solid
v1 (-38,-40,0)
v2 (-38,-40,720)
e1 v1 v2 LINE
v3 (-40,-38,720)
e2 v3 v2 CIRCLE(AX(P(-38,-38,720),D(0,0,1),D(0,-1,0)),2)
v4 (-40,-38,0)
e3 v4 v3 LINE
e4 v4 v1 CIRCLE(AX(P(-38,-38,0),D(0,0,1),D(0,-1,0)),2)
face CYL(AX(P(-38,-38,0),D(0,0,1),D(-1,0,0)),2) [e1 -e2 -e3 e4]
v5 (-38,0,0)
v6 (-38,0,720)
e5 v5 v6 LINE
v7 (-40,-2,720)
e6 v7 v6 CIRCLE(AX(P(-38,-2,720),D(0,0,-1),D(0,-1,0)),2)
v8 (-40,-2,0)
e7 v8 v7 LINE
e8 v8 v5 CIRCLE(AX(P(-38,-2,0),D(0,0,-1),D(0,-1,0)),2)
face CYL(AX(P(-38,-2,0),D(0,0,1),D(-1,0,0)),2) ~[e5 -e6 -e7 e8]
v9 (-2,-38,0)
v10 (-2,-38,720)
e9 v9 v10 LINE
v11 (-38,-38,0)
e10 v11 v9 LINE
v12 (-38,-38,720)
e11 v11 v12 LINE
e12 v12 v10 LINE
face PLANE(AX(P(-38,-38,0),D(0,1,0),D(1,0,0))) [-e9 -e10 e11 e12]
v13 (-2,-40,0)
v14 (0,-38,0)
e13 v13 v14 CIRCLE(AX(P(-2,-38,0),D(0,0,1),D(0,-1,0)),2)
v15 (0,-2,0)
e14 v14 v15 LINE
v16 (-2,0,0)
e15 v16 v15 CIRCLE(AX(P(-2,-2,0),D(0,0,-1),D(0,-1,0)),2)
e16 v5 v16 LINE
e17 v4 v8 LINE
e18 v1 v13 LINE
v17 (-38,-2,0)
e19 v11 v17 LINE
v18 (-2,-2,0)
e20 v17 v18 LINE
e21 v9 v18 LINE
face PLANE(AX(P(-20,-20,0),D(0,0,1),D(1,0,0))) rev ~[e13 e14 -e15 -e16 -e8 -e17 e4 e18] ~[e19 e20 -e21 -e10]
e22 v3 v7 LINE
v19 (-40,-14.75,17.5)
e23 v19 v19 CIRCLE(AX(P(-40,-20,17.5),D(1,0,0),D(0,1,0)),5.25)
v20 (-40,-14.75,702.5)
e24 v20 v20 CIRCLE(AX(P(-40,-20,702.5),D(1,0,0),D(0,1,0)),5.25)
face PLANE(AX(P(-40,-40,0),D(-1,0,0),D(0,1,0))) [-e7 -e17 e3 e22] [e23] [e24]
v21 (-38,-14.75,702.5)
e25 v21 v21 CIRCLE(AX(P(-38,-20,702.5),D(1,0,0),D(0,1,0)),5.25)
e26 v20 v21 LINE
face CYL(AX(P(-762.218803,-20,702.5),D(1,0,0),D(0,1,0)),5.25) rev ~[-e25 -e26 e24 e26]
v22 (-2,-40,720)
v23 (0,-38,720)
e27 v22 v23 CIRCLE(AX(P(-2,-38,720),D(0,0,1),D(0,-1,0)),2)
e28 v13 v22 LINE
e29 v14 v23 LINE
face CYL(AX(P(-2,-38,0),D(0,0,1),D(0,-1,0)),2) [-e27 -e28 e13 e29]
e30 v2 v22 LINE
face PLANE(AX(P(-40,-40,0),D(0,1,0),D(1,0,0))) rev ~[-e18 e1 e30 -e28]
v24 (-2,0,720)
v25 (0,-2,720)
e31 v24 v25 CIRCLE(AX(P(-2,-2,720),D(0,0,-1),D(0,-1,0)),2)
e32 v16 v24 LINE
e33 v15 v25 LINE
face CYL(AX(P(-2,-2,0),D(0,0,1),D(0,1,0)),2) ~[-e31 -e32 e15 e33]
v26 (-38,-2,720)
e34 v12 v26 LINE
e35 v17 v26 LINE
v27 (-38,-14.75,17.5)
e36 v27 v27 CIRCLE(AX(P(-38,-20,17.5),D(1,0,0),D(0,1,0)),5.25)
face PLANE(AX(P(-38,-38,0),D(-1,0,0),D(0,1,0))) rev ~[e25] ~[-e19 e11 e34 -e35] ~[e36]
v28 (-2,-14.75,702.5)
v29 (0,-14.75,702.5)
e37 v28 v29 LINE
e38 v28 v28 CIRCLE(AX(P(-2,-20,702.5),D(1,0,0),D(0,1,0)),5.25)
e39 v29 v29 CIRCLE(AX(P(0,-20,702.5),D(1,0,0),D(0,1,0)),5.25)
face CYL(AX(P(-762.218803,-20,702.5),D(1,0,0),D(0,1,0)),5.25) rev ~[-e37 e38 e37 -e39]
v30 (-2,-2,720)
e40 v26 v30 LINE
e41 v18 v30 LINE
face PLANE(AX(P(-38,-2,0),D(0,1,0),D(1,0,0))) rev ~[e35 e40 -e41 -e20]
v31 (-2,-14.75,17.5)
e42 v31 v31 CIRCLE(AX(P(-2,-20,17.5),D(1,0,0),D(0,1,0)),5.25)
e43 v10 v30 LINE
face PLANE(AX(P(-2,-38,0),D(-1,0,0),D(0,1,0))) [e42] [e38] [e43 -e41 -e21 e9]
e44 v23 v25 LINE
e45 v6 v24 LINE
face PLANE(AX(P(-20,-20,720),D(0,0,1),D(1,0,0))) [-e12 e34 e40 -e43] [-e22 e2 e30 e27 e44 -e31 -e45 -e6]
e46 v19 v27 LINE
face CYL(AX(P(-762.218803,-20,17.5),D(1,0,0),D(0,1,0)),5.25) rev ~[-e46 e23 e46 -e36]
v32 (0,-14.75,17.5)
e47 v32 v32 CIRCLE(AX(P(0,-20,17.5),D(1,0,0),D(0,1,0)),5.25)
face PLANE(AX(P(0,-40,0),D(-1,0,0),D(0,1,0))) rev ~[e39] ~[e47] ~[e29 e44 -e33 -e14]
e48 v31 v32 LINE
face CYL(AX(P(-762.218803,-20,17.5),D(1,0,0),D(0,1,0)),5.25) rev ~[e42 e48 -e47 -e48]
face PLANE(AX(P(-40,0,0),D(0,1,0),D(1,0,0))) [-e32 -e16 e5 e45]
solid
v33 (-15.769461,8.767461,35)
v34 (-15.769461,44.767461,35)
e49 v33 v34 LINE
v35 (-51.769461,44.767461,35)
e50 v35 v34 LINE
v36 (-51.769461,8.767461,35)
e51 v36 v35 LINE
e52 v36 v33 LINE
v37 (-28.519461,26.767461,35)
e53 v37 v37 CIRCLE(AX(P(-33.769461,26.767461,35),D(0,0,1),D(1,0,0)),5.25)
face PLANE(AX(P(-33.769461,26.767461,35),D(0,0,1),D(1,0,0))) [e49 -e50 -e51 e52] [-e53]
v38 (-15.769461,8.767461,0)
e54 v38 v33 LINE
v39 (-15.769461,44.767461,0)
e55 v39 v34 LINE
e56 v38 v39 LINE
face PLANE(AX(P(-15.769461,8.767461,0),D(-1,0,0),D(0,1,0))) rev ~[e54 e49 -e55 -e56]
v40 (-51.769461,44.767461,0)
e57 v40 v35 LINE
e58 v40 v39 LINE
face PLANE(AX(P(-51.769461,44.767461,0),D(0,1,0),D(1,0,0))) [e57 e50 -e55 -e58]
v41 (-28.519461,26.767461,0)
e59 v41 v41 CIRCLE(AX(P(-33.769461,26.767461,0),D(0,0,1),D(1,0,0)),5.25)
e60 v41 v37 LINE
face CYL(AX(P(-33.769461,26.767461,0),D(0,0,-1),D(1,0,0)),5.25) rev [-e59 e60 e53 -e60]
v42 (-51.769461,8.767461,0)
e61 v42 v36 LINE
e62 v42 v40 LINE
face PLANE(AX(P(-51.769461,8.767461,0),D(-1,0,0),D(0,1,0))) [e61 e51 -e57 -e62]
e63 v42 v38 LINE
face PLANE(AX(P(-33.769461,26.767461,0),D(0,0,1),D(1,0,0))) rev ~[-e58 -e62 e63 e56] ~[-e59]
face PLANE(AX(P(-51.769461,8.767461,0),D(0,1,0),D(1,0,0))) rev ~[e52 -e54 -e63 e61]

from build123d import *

# Parameters (mm, degrees)
F0_W     = 40
F0_H     = 40
F0_W_2   = 36
F0_H_2   = 36
F1_DEPTH = 720
F2_W     = 36
F2_H     = 36
F2_R     = 5.25
F3_DEPTH = 35
F5_D     = 10.5
F7_D     = 10.5
F8_R     = 2


with BuildPart() as f1:
    # F0 (on Top) → F1 (new body)
    with BuildSketch(Plane.XY):
        with Locations((-20, -20)):
            Rectangle(F0_W, F0_H)
        with Locations((-20, -20)):
            Rectangle(F0_W_2, F0_H_2, mode=Mode.SUBTRACT)
    extrude(amount=F1_DEPTH)

    # F5 (through all)
    with Locations(Plane(origin=(-40, 0, 0), x_dir=(0, -1, 0), z_dir=(-1, 0, 0))):
        with Locations((20, 17.5)):
            Hole(F5_D / 2)

    # F7 (through all)
    with Locations(Plane(origin=(-40, 0, 0), x_dir=(0, -1, 0), z_dir=(-1, 0, 0))):
        with Locations((20, 702.5)):
            Hole(F7_D / 2)

    # F8
    f8_edges = [f1.edges().sort_by_distance(p)[0] for p in [
        (0, -40, 360),
        (0, 0, 360),
        (-40, -40, 360),
        (-40, 0, 360),
    ]]
    fillet(f8_edges, radius=F8_R)


with BuildPart() as f3:
    # F2 (on Top) → F3 (new body)
    with BuildSketch(Plane.XY):
        with Locations((-33.769461, 26.767461)):
            Rectangle(F2_W, F2_H)
        with Locations((-33.769461, 26.767461)):
            Circle(F2_R, mode=Mode.SUBTRACT)
    extrude(amount=F3_DEPTH)


solid = Compound([f1.part, f3.part])
